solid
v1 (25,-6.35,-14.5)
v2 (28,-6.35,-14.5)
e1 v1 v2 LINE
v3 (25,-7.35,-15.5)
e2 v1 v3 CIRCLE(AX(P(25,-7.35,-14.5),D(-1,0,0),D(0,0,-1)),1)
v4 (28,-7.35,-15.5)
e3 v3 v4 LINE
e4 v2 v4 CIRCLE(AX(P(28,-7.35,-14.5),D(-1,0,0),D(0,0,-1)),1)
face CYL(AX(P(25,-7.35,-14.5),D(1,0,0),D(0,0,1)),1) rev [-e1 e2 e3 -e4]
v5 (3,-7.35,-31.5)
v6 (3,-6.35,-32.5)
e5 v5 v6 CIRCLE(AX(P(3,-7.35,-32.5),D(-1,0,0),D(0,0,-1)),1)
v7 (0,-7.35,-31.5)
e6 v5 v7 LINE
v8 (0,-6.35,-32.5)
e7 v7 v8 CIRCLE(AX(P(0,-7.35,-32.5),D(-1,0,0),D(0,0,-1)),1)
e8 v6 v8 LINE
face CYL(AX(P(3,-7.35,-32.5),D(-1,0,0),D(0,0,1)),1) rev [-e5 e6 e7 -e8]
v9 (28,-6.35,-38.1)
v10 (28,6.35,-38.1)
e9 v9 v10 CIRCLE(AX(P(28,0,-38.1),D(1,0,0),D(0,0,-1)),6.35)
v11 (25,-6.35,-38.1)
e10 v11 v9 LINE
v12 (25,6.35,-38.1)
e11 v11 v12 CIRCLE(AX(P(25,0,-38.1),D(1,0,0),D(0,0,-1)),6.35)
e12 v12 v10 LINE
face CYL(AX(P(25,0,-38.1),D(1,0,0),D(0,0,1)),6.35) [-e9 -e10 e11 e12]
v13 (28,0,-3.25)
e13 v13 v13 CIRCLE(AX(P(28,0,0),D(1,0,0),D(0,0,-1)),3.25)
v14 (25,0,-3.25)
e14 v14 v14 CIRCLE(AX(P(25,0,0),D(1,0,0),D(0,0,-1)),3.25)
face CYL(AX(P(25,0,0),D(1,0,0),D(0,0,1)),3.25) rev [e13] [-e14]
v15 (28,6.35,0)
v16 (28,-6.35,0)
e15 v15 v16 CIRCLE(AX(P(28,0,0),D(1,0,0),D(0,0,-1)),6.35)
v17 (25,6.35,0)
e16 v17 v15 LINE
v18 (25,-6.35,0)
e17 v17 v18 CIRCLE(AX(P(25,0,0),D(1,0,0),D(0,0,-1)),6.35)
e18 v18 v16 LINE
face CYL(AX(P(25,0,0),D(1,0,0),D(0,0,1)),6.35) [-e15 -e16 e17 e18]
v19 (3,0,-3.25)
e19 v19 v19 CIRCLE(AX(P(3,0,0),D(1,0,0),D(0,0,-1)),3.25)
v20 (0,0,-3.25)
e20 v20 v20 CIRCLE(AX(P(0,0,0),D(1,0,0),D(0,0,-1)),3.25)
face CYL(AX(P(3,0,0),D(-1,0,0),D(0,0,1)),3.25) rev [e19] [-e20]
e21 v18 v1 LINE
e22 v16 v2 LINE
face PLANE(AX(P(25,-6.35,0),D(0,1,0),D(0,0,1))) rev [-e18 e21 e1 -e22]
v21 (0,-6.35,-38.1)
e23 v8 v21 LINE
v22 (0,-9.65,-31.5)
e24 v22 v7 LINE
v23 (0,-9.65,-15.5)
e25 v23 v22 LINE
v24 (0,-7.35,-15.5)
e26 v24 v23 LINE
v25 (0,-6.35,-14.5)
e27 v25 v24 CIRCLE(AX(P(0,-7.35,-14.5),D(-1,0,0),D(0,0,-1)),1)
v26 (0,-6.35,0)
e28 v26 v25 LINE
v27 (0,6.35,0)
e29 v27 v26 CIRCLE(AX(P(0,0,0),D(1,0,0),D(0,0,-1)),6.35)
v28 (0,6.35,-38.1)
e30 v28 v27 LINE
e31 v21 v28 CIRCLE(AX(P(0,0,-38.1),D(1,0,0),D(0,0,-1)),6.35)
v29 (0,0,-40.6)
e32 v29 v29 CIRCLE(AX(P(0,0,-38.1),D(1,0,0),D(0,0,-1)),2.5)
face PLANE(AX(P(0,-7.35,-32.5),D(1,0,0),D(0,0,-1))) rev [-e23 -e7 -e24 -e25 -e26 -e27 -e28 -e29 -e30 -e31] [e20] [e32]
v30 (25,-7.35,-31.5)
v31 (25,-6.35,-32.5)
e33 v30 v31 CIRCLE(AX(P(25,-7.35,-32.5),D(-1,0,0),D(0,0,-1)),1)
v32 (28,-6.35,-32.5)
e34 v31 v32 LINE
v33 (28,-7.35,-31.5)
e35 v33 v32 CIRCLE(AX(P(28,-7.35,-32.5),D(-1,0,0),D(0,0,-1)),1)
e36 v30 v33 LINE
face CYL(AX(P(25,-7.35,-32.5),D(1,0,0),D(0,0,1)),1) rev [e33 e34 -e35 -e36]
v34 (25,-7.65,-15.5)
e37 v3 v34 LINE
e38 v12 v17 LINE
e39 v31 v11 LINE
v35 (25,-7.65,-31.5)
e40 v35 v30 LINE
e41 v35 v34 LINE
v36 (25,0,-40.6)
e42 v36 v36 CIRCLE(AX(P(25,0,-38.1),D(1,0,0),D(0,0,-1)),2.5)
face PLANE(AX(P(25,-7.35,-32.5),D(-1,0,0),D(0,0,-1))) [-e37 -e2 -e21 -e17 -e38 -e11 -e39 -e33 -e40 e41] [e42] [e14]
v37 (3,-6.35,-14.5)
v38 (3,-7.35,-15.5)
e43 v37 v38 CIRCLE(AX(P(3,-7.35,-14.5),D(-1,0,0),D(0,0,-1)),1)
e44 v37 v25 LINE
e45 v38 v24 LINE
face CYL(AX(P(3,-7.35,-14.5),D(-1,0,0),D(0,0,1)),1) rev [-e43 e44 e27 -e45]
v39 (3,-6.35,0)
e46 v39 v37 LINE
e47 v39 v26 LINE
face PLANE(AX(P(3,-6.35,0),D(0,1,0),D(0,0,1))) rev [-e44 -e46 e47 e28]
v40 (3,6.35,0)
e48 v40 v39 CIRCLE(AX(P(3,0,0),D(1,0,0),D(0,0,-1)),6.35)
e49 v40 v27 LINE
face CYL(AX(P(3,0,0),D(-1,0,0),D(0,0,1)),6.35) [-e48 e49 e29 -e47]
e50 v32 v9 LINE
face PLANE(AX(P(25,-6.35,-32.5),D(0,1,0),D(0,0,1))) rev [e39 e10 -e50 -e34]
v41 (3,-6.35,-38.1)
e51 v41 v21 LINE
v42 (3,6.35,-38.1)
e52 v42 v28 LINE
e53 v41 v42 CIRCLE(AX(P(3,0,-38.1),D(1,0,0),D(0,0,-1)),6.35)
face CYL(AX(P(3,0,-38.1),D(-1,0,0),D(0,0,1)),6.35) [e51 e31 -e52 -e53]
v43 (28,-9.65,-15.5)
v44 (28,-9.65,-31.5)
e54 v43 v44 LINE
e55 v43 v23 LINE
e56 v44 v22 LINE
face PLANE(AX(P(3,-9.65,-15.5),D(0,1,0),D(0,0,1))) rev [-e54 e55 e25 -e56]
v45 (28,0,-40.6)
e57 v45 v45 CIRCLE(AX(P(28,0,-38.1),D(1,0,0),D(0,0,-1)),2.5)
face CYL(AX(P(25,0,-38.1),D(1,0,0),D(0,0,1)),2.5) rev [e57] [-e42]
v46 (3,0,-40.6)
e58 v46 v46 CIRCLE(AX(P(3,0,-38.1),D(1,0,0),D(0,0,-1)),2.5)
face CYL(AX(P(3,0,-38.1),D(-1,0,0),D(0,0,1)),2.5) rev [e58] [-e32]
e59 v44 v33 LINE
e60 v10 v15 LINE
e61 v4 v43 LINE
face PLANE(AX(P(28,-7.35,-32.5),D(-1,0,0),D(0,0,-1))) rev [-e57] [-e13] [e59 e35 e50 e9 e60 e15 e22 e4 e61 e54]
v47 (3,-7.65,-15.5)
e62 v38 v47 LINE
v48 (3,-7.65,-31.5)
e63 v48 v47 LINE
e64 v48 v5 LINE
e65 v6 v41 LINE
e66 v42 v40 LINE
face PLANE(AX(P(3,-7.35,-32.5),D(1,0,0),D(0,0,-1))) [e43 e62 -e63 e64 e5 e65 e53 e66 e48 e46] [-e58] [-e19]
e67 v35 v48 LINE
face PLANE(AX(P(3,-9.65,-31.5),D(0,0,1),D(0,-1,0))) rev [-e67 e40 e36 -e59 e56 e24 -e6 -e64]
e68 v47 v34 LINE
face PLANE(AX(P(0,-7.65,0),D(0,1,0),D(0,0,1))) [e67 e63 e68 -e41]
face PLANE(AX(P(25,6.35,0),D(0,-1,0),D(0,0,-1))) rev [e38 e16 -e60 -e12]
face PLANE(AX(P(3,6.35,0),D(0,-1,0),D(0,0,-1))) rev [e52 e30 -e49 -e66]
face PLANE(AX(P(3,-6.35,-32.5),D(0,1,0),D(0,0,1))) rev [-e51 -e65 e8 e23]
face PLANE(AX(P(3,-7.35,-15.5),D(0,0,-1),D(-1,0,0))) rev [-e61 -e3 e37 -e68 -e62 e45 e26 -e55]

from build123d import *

# Parameters (mm, degrees)
SKETCH1_R           = 3.25
SKETCH1_R_2         = 2.5
BOSS_EXTRUDE1_DEPTH = 3
BOSS_EXTRUDE2_START = -9.65
SKETCH2_W           = 11
SKETCH2_H           = 16
BOSS_EXTRUDE2_DEPTH = 2


with BuildPart() as part:
    # Sketch1 → Boss-Extrude1 (new body)
    with BuildSketch(Plane(origin=(0, 0, 0), x_dir=(0, 0, -1), z_dir=(1, 0, 0))):
        with BuildLine():
            Line((0, 6.35), (38.1, 6.35))
            ThreePointArc((38.1, 6.35), (44.45, 0), (38.1, -6.35))
            Line((38.1, -6.35), (32.5, -6.35))
            ThreePointArc((32.5, -6.35), (31.792893219, -6.642893219), (31.5, -7.35))
            Line((31.5, -7.35), (31.5, -9.65))
            Line((31.5, -9.65), (15.5, -9.65))
            Line((15.5, -9.65), (15.5, -7.35))
            ThreePointArc((15.5, -7.35), (15.207106781, -6.642893219), (14.5, -6.35))
            Line((14.5, -6.35), (0, -6.35))
            ThreePointArc((0, -6.35), (-6.35, 0), (0, 6.35))
        make_face()
        Circle(SKETCH1_R, mode=Mode.SUBTRACT)
        with Locations((38.1, 0)):
            Circle(SKETCH1_R_2, mode=Mode.SUBTRACT)
    extrude(amount=BOSS_EXTRUDE1_DEPTH)

    # Sketch2 → Boss-Extrude2 (add)
    with BuildSketch(Plane(origin=(0, 0, 0), x_dir=(1, 0, 0), z_dir=(0, 1, 0)).offset(BOSS_EXTRUDE2_START)):
        with Locations((8.5, 23.5)):
            Rectangle(SKETCH2_W, SKETCH2_H)
    extrude(amount=BOSS_EXTRUDE2_DEPTH)

    # Mirror2: part across plane


with BuildPart() as part_1:
    add(part.part)
    add(part.part.mirror(Plane(origin=(14, 0, 0), x_dir=(0, 0, 1), z_dir=(1, 0, 0))))


solid = part_1.part
